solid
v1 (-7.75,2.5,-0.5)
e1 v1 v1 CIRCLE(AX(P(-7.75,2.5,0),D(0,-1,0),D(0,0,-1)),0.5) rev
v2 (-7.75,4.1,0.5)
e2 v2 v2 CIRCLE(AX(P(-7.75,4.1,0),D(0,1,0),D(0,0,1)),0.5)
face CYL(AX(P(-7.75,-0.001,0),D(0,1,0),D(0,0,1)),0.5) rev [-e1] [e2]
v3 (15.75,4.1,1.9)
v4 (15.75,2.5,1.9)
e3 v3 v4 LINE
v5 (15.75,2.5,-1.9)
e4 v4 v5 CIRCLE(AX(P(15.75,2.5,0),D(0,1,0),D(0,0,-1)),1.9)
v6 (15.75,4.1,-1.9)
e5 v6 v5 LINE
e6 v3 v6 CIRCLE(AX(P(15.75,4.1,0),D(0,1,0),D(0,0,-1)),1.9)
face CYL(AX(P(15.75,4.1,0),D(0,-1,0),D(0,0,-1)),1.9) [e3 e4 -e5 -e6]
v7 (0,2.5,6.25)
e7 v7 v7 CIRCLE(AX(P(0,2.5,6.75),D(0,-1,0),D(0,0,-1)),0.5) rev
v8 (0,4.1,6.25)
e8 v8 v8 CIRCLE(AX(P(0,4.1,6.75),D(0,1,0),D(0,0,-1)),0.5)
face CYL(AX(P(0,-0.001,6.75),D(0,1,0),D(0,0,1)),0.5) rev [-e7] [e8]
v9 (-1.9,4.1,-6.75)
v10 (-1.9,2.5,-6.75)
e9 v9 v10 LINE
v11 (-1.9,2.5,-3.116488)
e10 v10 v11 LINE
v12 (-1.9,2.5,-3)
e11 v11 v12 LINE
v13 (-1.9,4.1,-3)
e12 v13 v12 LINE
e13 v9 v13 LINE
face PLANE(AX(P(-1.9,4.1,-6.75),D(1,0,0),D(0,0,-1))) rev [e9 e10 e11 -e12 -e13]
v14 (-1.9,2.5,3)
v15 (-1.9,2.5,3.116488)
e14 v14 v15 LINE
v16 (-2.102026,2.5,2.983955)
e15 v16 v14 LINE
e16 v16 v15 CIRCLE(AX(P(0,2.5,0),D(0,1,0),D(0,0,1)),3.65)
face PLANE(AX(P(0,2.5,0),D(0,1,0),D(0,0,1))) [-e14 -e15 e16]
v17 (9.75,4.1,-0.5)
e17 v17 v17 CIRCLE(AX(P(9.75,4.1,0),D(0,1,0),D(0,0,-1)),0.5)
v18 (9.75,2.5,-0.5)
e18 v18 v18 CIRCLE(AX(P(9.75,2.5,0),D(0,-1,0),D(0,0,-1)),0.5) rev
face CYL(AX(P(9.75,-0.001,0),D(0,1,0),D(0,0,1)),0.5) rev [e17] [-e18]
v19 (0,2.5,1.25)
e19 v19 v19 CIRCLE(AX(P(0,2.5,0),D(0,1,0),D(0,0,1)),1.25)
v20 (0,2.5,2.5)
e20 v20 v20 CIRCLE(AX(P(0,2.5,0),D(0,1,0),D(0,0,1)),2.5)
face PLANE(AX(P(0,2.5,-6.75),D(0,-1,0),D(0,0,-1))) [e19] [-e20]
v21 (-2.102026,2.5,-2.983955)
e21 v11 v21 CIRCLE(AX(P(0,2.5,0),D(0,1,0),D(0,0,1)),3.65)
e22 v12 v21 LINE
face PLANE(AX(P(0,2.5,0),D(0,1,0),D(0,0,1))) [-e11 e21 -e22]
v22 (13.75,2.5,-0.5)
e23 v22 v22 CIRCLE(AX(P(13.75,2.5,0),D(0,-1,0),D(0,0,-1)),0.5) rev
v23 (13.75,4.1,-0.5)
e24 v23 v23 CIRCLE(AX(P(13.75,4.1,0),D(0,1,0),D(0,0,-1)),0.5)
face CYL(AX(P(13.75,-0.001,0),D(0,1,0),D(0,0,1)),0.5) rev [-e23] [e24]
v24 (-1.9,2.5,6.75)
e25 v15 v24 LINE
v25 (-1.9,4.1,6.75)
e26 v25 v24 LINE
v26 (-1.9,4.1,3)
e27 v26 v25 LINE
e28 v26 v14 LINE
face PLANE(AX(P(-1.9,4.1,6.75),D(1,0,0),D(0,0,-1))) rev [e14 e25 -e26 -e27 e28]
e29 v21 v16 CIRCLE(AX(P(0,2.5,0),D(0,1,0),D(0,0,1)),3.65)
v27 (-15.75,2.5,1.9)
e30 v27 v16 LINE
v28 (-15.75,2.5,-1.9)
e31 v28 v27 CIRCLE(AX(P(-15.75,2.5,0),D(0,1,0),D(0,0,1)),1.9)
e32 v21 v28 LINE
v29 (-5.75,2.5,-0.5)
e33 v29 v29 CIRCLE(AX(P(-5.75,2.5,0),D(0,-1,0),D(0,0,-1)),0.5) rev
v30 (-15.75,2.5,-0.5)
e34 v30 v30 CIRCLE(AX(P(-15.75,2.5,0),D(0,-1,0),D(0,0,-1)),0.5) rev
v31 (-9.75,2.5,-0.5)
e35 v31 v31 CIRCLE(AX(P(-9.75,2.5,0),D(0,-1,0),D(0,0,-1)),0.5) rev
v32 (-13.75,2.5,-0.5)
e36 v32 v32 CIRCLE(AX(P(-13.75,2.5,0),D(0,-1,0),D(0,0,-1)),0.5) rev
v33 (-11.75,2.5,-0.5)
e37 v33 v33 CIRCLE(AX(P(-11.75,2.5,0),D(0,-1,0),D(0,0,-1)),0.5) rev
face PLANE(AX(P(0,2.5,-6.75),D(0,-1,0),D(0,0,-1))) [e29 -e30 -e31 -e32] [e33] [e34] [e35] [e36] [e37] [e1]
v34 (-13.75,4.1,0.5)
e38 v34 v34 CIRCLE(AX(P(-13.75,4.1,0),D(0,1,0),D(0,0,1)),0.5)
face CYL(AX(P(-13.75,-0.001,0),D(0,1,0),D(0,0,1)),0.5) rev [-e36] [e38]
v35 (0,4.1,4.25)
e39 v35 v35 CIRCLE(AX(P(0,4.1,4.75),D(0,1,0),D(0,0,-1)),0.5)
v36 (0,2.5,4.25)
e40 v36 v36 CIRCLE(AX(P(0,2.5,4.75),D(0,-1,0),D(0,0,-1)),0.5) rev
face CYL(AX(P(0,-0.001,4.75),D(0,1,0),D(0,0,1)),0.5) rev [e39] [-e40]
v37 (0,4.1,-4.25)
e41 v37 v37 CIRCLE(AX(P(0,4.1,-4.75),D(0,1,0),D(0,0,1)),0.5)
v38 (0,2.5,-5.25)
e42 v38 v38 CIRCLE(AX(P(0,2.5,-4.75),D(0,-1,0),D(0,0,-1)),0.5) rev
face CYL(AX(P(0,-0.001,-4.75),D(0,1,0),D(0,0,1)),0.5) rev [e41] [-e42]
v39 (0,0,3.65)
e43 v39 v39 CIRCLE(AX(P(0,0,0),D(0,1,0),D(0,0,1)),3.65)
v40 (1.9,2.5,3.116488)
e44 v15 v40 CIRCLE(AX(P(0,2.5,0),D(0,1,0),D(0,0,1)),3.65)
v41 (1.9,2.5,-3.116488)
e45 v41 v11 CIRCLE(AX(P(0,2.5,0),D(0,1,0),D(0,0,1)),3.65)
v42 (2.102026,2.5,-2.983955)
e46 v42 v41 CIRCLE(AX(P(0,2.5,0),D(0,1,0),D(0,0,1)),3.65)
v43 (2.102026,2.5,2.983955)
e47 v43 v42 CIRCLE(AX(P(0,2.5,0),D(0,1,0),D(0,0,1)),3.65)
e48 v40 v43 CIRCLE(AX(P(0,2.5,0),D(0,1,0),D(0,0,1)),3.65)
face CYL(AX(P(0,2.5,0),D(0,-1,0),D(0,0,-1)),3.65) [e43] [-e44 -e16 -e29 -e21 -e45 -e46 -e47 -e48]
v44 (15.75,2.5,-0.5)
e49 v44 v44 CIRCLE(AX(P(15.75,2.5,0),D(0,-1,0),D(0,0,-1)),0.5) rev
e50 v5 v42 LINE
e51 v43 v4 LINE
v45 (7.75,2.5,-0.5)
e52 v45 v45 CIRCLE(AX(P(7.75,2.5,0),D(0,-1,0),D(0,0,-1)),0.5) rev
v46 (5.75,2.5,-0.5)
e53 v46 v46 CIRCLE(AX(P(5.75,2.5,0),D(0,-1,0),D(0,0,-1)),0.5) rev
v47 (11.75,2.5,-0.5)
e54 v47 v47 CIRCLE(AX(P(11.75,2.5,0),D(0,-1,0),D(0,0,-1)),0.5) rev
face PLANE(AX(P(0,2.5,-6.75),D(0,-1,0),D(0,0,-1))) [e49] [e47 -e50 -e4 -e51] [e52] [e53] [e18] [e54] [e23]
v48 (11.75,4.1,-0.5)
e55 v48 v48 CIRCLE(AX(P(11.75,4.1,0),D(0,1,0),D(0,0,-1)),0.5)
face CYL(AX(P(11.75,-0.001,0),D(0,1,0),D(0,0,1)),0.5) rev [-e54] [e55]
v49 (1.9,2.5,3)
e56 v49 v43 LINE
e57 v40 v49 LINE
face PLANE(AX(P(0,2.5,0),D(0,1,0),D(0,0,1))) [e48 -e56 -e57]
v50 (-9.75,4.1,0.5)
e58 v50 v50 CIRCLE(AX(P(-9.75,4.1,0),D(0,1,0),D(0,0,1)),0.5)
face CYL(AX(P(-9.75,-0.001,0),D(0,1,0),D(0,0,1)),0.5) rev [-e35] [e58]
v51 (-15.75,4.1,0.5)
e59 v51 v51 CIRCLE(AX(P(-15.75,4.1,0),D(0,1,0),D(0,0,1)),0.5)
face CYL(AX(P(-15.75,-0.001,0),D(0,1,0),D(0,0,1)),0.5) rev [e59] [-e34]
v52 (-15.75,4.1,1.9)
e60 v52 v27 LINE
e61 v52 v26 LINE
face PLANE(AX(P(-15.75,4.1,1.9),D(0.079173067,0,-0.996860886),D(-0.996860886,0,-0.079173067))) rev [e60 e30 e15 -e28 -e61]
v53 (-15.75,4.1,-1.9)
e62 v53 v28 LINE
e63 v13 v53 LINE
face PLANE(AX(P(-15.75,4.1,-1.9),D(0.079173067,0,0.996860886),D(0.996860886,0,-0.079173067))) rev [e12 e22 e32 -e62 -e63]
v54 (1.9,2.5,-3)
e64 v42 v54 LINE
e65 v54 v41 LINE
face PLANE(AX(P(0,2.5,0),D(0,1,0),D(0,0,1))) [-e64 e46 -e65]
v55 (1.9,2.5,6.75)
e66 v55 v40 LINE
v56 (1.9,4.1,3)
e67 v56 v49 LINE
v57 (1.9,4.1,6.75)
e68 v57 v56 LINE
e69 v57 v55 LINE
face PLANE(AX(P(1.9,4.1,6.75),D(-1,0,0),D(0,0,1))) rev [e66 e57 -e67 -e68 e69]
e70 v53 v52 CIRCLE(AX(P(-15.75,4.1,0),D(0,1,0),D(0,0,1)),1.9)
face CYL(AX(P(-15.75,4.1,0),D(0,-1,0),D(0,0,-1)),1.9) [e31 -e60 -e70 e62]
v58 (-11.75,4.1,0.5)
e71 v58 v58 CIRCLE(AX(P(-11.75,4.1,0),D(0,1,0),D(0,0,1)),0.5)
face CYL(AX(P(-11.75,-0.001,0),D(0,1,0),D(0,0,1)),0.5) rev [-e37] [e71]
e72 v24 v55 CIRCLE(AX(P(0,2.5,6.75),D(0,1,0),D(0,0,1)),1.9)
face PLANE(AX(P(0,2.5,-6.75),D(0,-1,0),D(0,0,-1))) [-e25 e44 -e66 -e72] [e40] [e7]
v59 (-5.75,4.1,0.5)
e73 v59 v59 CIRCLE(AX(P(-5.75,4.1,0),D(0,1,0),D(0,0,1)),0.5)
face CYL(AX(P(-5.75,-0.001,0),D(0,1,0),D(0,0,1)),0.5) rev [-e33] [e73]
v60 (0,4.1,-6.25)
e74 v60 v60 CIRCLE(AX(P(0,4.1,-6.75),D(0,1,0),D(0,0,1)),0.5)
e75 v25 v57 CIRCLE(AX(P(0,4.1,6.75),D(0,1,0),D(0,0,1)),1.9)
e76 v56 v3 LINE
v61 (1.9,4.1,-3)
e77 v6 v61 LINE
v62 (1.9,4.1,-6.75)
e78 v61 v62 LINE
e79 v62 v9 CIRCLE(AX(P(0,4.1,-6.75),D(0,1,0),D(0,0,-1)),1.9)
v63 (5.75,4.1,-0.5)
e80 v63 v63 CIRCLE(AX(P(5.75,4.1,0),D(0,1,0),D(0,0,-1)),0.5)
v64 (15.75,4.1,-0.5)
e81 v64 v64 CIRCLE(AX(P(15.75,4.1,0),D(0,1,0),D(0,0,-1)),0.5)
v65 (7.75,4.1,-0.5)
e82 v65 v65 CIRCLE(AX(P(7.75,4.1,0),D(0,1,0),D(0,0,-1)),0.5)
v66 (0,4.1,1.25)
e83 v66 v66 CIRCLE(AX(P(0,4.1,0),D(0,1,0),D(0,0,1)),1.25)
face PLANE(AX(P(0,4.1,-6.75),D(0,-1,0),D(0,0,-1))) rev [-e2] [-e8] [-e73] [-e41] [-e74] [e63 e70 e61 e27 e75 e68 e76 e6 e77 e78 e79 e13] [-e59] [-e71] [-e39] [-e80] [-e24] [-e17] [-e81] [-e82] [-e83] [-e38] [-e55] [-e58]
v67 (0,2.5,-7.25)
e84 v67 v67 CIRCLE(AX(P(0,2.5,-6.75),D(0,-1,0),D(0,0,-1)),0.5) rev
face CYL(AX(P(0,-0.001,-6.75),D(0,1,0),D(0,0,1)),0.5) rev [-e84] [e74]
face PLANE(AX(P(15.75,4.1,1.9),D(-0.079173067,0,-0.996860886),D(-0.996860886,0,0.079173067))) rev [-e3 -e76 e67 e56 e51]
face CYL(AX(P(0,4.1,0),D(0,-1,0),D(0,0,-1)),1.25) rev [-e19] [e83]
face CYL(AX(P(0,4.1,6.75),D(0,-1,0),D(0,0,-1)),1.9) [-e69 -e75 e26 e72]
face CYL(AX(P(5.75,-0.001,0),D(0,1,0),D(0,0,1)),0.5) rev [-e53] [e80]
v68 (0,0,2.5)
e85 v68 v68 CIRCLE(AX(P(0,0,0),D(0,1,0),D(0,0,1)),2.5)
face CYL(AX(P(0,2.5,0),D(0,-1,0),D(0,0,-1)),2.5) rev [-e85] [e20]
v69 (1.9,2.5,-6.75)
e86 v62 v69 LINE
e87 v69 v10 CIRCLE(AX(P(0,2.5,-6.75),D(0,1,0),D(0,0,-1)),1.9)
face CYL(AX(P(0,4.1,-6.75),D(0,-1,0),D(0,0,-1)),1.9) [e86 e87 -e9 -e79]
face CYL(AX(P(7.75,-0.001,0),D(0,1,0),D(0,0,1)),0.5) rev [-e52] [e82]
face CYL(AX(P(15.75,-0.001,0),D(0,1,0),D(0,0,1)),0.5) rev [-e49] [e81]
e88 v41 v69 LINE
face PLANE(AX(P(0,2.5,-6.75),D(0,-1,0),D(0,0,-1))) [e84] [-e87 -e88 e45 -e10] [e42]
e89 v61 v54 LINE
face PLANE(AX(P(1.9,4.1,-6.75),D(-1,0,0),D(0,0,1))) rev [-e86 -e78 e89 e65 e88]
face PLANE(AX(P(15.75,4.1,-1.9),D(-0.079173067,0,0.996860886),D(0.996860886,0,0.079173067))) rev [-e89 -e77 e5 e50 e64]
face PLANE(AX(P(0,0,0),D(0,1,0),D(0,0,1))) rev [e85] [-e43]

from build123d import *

# Parameters (mm, degrees)
SKETCH1_R           = 3.65
SKETCH1_R_2         = 2.5
BOSS_EXTRUDE1_DEPTH = 2.5
SKETCH2_R           = 1.25
BOSS_EXTRUDE2_DEPTH = 1.6
CUT_EXTRUDE1_REACH  = 6.1
SKETCH3_R           = 0.5


with BuildPart() as part:
    # Sketch1 → Boss-Extrude1 (new body)
    with BuildSketch(Plane(origin=(0, 0, 0), x_dir=(1, 0, 0), z_dir=(0, 1, 0))):
        Circle(SKETCH1_R)
        Circle(SKETCH1_R_2, mode=Mode.SUBTRACT)
    extrude(amount=BOSS_EXTRUDE1_DEPTH)

    # Sketch2 → Boss-Extrude2 (add)
    with BuildSketch(Plane(origin=(0, 2.5, 0), x_dir=(1, 0, 0), z_dir=(0, 1, 0))):
        with BuildLine():
            Line((-1.9, 6.75), (-1.9, 3))
            Line((-1.9, 3), (-15.75, 1.9))
            ThreePointArc((-15.75, 1.9), (-17.65, 0), (-15.75, -1.9))
            Line((-15.75, -1.9), (-1.9, -3))
            Line((-1.9, -3), (-1.9, -6.75))
            ThreePointArc((-1.9, -6.75), (0, -8.65), (1.9, -6.75))
            Line((1.9, -6.75), (1.9, -3))
            Line((1.9, -3), (15.75, -1.9))
            ThreePointArc((15.75, -1.9), (17.65, 0), (15.75, 1.9))
            Line((15.75, 1.9), (1.9, 3))
            Line((1.9, 3), (1.9, 6.75))
            ThreePointArc((1.9, 6.75), (0, 8.65), (-1.9, 6.75))
        make_face()
        Circle(SKETCH2_R, mode=Mode.SUBTRACT)
    extrude(amount=BOSS_EXTRUDE2_DEPTH)

    # Sketch3 → Cut-Extrude1 (cut, up to next)
    with BuildSketch(Plane(origin=(0, 4.1, 0), x_dir=(1, 0, 0), z_dir=(0, 1, 0)), mode=Mode.PRIVATE) as cut_extrude1_sk1:
        with Locations((0, 6.75)):
            Circle(SKETCH3_R)
    cut_extrude1_tool1 = extrude(cut_extrude1_sk1.sketch, amount=-CUT_EXTRUDE1_REACH, mode=Mode.PRIVATE) & part.part
    add(cut_extrude1_tool1.solids().sort_by_distance((0, 4.1, -6.75))[0], mode=Mode.SUBTRACT)
    # Sketch3 → Cut-Extrude1 (cut, up to next)
    with BuildSketch(Plane(origin=(0, 4.1, 0), x_dir=(1, 0, 0), z_dir=(0, 1, 0)), mode=Mode.PRIVATE) as cut_extrude1_sk2:
        with Locations((0, 4.75)):
            Circle(SKETCH3_R)
    cut_extrude1_tool2 = extrude(cut_extrude1_sk2.sketch, amount=-CUT_EXTRUDE1_REACH, mode=Mode.PRIVATE) & part.part
    add(cut_extrude1_tool2.solids().sort_by_distance((0, 4.1, -4.75))[0], mode=Mode.SUBTRACT)
    # Sketch3 → Cut-Extrude1 (cut, up to next)
    with BuildSketch(Plane(origin=(0, 4.1, 0), x_dir=(1, 0, 0), z_dir=(0, 1, 0)), mode=Mode.PRIVATE) as cut_extrude1_sk3:
        with Locations((-15.75, 0)):
            Circle(SKETCH3_R)
    cut_extrude1_tool3 = extrude(cut_extrude1_sk3.sketch, amount=-CUT_EXTRUDE1_REACH, mode=Mode.PRIVATE) & part.part
    add(cut_extrude1_tool3.solids().sort_by_distance((-15.75, 4.1, 0))[0], mode=Mode.SUBTRACT)
    # Sketch3 → Cut-Extrude1 (cut, up to next)
    with BuildSketch(Plane(origin=(0, 4.1, 0), x_dir=(1, 0, 0), z_dir=(0, 1, 0)), mode=Mode.PRIVATE) as cut_extrude1_sk4:
        with Locations((-13.75, 0)):
            Circle(SKETCH3_R)
    cut_extrude1_tool4 = extrude(cut_extrude1_sk4.sketch, amount=-CUT_EXTRUDE1_REACH, mode=Mode.PRIVATE) & part.part
    add(cut_extrude1_tool4.solids().sort_by_distance((-13.75, 4.1, 0))[0], mode=Mode.SUBTRACT)
    # Sketch3 → Cut-Extrude1 (cut, up to next)
    with BuildSketch(Plane(origin=(0, 4.1, 0), x_dir=(1, 0, 0), z_dir=(0, 1, 0)), mode=Mode.PRIVATE) as cut_extrude1_sk5:
        with Locations((-11.75, 0)):
            Circle(SKETCH3_R)
    cut_extrude1_tool5 = extrude(cut_extrude1_sk5.sketch, amount=-CUT_EXTRUDE1_REACH, mode=Mode.PRIVATE) & part.part
    add(cut_extrude1_tool5.solids().sort_by_distance((-11.75, 4.1, 0))[0], mode=Mode.SUBTRACT)
    # Sketch3 → Cut-Extrude1 (cut, up to next)
    with BuildSketch(Plane(origin=(0, 4.1, 0), x_dir=(1, 0, 0), z_dir=(0, 1, 0)), mode=Mode.PRIVATE) as cut_extrude1_sk6:
        with Locations((-9.75, 0)):
            Circle(SKETCH3_R)
    cut_extrude1_tool6 = extrude(cut_extrude1_sk6.sketch, amount=-CUT_EXTRUDE1_REACH, mode=Mode.PRIVATE) & part.part
    add(cut_extrude1_tool6.solids().sort_by_distance((-9.75, 4.1, 0))[0], mode=Mode.SUBTRACT)
    # Sketch3 → Cut-Extrude1 (cut, up to next)
    with BuildSketch(Plane(origin=(0, 4.1, 0), x_dir=(1, 0, 0), z_dir=(0, 1, 0)), mode=Mode.PRIVATE) as cut_extrude1_sk7:
        with Locations((-7.75, 0)):
            Circle(SKETCH3_R)
    cut_extrude1_tool7 = extrude(cut_extrude1_sk7.sketch, amount=-CUT_EXTRUDE1_REACH, mode=Mode.PRIVATE) & part.part
    add(cut_extrude1_tool7.solids().sort_by_distance((-7.75, 4.1, 0))[0], mode=Mode.SUBTRACT)
    # Sketch3 → Cut-Extrude1 (cut, up to next)
    with BuildSketch(Plane(origin=(0, 4.1, 0), x_dir=(1, 0, 0), z_dir=(0, 1, 0)), mode=Mode.PRIVATE) as cut_extrude1_sk8:
        with Locations((-5.75, 0)):
            Circle(SKETCH3_R)
    cut_extrude1_tool8 = extrude(cut_extrude1_sk8.sketch, amount=-CUT_EXTRUDE1_REACH, mode=Mode.PRIVATE) & part.part
    add(cut_extrude1_tool8.solids().sort_by_distance((-5.75, 4.1, 0))[0], mode=Mode.SUBTRACT)
    # Sketch3 → Cut-Extrude1 (cut, up to next)
    with BuildSketch(Plane(origin=(0, 4.1, 0), x_dir=(1, 0, 0), z_dir=(0, 1, 0)), mode=Mode.PRIVATE) as cut_extrude1_sk9:
        with Locations((5.75, 0)):
            Circle(SKETCH3_R)
    cut_extrude1_tool9 = extrude(cut_extrude1_sk9.sketch, amount=-CUT_EXTRUDE1_REACH, mode=Mode.PRIVATE) & part.part
    add(cut_extrude1_tool9.solids().sort_by_distance((5.75, 4.1, 0))[0], mode=Mode.SUBTRACT)
    # Sketch3 → Cut-Extrude1 (cut, up to next)
    with BuildSketch(Plane(origin=(0, 4.1, 0), x_dir=(1, 0, 0), z_dir=(0, 1, 0)), mode=Mode.PRIVATE) as cut_extrude1_sk10:
        with Locations((7.75, 0)):
            Circle(SKETCH3_R)
    cut_extrude1_tool10 = extrude(cut_extrude1_sk10.sketch, amount=-CUT_EXTRUDE1_REACH, mode=Mode.PRIVATE) & part.part
    add(cut_extrude1_tool10.solids().sort_by_distance((7.75, 4.1, 0))[0], mode=Mode.SUBTRACT)
    # Sketch3 → Cut-Extrude1 (cut, up to next)
    with BuildSketch(Plane(origin=(0, 4.1, 0), x_dir=(1, 0, 0), z_dir=(0, 1, 0)), mode=Mode.PRIVATE) as cut_extrude1_sk11:
        with Locations((9.75, 0)):
            Circle(SKETCH3_R)
    cut_extrude1_tool11 = extrude(cut_extrude1_sk11.sketch, amount=-CUT_EXTRUDE1_REACH, mode=Mode.PRIVATE) & part.part
    add(cut_extrude1_tool11.solids().sort_by_distance((9.75, 4.1, 0))[0], mode=Mode.SUBTRACT)
    # Sketch3 → Cut-Extrude1 (cut, up to next)
    with BuildSketch(Plane(origin=(0, 4.1, 0), x_dir=(1, 0, 0), z_dir=(0, 1, 0)), mode=Mode.PRIVATE) as cut_extrude1_sk12:
        with Locations((11.75, 0)):
            Circle(SKETCH3_R)
    cut_extrude1_tool12 = extrude(cut_extrude1_sk12.sketch, amount=-CUT_EXTRUDE1_REACH, mode=Mode.PRIVATE) & part.part
    add(cut_extrude1_tool12.solids().sort_by_distance((11.75, 4.1, 0))[0], mode=Mode.SUBTRACT)
    # Sketch3 → Cut-Extrude1 (cut, up to next)
    with BuildSketch(Plane(origin=(0, 4.1, 0), x_dir=(1, 0, 0), z_dir=(0, 1, 0)), mode=Mode.PRIVATE) as cut_extrude1_sk13:
        with Locations((13.75, 0)):
            Circle(SKETCH3_R)
    cut_extrude1_tool13 = extrude(cut_extrude1_sk13.sketch, amount=-CUT_EXTRUDE1_REACH, mode=Mode.PRIVATE) & part.part
    add(cut_extrude1_tool13.solids().sort_by_distance((13.75, 4.1, 0))[0], mode=Mode.SUBTRACT)
    # Sketch3 → Cut-Extrude1 (cut, up to next)
    with BuildSketch(Plane(origin=(0, 4.1, 0), x_dir=(1, 0, 0), z_dir=(0, 1, 0)), mode=Mode.PRIVATE) as cut_extrude1_sk14:
        with Locations((15.75, 0)):
            Circle(SKETCH3_R)
    cut_extrude1_tool14 = extrude(cut_extrude1_sk14.sketch, amount=-CUT_EXTRUDE1_REACH, mode=Mode.PRIVATE) & part.part
    add(cut_extrude1_tool14.solids().sort_by_distance((15.75, 4.1, 0))[0], mode=Mode.SUBTRACT)
    # Sketch3 → Cut-Extrude1 (cut, up to next)
    with BuildSketch(Plane(origin=(0, 4.1, 0), x_dir=(1, 0, 0), z_dir=(0, 1, 0)), mode=Mode.PRIVATE) as cut_extrude1_sk15:
        with Locations((0, -4.75)):
            Circle(SKETCH3_R)
    cut_extrude1_tool15 = extrude(cut_extrude1_sk15.sketch, amount=-CUT_EXTRUDE1_REACH, mode=Mode.PRIVATE) & part.part
    add(cut_extrude1_tool15.solids().sort_by_distance((0, 4.1, 4.75))[0], mode=Mode.SUBTRACT)
    # Sketch3 → Cut-Extrude1 (cut, up to next)
    with BuildSketch(Plane(origin=(0, 4.1, 0), x_dir=(1, 0, 0), z_dir=(0, 1, 0)), mode=Mode.PRIVATE) as cut_extrude1_sk16:
        with Locations((0, -6.75)):
            Circle(SKETCH3_R)
    cut_extrude1_tool16 = extrude(cut_extrude1_sk16.sketch, amount=-CUT_EXTRUDE1_REACH, mode=Mode.PRIVATE) & part.part
    add(cut_extrude1_tool16.solids().sort_by_distance((0, 4.1, 6.75))[0], mode=Mode.SUBTRACT)


solid = part.part
